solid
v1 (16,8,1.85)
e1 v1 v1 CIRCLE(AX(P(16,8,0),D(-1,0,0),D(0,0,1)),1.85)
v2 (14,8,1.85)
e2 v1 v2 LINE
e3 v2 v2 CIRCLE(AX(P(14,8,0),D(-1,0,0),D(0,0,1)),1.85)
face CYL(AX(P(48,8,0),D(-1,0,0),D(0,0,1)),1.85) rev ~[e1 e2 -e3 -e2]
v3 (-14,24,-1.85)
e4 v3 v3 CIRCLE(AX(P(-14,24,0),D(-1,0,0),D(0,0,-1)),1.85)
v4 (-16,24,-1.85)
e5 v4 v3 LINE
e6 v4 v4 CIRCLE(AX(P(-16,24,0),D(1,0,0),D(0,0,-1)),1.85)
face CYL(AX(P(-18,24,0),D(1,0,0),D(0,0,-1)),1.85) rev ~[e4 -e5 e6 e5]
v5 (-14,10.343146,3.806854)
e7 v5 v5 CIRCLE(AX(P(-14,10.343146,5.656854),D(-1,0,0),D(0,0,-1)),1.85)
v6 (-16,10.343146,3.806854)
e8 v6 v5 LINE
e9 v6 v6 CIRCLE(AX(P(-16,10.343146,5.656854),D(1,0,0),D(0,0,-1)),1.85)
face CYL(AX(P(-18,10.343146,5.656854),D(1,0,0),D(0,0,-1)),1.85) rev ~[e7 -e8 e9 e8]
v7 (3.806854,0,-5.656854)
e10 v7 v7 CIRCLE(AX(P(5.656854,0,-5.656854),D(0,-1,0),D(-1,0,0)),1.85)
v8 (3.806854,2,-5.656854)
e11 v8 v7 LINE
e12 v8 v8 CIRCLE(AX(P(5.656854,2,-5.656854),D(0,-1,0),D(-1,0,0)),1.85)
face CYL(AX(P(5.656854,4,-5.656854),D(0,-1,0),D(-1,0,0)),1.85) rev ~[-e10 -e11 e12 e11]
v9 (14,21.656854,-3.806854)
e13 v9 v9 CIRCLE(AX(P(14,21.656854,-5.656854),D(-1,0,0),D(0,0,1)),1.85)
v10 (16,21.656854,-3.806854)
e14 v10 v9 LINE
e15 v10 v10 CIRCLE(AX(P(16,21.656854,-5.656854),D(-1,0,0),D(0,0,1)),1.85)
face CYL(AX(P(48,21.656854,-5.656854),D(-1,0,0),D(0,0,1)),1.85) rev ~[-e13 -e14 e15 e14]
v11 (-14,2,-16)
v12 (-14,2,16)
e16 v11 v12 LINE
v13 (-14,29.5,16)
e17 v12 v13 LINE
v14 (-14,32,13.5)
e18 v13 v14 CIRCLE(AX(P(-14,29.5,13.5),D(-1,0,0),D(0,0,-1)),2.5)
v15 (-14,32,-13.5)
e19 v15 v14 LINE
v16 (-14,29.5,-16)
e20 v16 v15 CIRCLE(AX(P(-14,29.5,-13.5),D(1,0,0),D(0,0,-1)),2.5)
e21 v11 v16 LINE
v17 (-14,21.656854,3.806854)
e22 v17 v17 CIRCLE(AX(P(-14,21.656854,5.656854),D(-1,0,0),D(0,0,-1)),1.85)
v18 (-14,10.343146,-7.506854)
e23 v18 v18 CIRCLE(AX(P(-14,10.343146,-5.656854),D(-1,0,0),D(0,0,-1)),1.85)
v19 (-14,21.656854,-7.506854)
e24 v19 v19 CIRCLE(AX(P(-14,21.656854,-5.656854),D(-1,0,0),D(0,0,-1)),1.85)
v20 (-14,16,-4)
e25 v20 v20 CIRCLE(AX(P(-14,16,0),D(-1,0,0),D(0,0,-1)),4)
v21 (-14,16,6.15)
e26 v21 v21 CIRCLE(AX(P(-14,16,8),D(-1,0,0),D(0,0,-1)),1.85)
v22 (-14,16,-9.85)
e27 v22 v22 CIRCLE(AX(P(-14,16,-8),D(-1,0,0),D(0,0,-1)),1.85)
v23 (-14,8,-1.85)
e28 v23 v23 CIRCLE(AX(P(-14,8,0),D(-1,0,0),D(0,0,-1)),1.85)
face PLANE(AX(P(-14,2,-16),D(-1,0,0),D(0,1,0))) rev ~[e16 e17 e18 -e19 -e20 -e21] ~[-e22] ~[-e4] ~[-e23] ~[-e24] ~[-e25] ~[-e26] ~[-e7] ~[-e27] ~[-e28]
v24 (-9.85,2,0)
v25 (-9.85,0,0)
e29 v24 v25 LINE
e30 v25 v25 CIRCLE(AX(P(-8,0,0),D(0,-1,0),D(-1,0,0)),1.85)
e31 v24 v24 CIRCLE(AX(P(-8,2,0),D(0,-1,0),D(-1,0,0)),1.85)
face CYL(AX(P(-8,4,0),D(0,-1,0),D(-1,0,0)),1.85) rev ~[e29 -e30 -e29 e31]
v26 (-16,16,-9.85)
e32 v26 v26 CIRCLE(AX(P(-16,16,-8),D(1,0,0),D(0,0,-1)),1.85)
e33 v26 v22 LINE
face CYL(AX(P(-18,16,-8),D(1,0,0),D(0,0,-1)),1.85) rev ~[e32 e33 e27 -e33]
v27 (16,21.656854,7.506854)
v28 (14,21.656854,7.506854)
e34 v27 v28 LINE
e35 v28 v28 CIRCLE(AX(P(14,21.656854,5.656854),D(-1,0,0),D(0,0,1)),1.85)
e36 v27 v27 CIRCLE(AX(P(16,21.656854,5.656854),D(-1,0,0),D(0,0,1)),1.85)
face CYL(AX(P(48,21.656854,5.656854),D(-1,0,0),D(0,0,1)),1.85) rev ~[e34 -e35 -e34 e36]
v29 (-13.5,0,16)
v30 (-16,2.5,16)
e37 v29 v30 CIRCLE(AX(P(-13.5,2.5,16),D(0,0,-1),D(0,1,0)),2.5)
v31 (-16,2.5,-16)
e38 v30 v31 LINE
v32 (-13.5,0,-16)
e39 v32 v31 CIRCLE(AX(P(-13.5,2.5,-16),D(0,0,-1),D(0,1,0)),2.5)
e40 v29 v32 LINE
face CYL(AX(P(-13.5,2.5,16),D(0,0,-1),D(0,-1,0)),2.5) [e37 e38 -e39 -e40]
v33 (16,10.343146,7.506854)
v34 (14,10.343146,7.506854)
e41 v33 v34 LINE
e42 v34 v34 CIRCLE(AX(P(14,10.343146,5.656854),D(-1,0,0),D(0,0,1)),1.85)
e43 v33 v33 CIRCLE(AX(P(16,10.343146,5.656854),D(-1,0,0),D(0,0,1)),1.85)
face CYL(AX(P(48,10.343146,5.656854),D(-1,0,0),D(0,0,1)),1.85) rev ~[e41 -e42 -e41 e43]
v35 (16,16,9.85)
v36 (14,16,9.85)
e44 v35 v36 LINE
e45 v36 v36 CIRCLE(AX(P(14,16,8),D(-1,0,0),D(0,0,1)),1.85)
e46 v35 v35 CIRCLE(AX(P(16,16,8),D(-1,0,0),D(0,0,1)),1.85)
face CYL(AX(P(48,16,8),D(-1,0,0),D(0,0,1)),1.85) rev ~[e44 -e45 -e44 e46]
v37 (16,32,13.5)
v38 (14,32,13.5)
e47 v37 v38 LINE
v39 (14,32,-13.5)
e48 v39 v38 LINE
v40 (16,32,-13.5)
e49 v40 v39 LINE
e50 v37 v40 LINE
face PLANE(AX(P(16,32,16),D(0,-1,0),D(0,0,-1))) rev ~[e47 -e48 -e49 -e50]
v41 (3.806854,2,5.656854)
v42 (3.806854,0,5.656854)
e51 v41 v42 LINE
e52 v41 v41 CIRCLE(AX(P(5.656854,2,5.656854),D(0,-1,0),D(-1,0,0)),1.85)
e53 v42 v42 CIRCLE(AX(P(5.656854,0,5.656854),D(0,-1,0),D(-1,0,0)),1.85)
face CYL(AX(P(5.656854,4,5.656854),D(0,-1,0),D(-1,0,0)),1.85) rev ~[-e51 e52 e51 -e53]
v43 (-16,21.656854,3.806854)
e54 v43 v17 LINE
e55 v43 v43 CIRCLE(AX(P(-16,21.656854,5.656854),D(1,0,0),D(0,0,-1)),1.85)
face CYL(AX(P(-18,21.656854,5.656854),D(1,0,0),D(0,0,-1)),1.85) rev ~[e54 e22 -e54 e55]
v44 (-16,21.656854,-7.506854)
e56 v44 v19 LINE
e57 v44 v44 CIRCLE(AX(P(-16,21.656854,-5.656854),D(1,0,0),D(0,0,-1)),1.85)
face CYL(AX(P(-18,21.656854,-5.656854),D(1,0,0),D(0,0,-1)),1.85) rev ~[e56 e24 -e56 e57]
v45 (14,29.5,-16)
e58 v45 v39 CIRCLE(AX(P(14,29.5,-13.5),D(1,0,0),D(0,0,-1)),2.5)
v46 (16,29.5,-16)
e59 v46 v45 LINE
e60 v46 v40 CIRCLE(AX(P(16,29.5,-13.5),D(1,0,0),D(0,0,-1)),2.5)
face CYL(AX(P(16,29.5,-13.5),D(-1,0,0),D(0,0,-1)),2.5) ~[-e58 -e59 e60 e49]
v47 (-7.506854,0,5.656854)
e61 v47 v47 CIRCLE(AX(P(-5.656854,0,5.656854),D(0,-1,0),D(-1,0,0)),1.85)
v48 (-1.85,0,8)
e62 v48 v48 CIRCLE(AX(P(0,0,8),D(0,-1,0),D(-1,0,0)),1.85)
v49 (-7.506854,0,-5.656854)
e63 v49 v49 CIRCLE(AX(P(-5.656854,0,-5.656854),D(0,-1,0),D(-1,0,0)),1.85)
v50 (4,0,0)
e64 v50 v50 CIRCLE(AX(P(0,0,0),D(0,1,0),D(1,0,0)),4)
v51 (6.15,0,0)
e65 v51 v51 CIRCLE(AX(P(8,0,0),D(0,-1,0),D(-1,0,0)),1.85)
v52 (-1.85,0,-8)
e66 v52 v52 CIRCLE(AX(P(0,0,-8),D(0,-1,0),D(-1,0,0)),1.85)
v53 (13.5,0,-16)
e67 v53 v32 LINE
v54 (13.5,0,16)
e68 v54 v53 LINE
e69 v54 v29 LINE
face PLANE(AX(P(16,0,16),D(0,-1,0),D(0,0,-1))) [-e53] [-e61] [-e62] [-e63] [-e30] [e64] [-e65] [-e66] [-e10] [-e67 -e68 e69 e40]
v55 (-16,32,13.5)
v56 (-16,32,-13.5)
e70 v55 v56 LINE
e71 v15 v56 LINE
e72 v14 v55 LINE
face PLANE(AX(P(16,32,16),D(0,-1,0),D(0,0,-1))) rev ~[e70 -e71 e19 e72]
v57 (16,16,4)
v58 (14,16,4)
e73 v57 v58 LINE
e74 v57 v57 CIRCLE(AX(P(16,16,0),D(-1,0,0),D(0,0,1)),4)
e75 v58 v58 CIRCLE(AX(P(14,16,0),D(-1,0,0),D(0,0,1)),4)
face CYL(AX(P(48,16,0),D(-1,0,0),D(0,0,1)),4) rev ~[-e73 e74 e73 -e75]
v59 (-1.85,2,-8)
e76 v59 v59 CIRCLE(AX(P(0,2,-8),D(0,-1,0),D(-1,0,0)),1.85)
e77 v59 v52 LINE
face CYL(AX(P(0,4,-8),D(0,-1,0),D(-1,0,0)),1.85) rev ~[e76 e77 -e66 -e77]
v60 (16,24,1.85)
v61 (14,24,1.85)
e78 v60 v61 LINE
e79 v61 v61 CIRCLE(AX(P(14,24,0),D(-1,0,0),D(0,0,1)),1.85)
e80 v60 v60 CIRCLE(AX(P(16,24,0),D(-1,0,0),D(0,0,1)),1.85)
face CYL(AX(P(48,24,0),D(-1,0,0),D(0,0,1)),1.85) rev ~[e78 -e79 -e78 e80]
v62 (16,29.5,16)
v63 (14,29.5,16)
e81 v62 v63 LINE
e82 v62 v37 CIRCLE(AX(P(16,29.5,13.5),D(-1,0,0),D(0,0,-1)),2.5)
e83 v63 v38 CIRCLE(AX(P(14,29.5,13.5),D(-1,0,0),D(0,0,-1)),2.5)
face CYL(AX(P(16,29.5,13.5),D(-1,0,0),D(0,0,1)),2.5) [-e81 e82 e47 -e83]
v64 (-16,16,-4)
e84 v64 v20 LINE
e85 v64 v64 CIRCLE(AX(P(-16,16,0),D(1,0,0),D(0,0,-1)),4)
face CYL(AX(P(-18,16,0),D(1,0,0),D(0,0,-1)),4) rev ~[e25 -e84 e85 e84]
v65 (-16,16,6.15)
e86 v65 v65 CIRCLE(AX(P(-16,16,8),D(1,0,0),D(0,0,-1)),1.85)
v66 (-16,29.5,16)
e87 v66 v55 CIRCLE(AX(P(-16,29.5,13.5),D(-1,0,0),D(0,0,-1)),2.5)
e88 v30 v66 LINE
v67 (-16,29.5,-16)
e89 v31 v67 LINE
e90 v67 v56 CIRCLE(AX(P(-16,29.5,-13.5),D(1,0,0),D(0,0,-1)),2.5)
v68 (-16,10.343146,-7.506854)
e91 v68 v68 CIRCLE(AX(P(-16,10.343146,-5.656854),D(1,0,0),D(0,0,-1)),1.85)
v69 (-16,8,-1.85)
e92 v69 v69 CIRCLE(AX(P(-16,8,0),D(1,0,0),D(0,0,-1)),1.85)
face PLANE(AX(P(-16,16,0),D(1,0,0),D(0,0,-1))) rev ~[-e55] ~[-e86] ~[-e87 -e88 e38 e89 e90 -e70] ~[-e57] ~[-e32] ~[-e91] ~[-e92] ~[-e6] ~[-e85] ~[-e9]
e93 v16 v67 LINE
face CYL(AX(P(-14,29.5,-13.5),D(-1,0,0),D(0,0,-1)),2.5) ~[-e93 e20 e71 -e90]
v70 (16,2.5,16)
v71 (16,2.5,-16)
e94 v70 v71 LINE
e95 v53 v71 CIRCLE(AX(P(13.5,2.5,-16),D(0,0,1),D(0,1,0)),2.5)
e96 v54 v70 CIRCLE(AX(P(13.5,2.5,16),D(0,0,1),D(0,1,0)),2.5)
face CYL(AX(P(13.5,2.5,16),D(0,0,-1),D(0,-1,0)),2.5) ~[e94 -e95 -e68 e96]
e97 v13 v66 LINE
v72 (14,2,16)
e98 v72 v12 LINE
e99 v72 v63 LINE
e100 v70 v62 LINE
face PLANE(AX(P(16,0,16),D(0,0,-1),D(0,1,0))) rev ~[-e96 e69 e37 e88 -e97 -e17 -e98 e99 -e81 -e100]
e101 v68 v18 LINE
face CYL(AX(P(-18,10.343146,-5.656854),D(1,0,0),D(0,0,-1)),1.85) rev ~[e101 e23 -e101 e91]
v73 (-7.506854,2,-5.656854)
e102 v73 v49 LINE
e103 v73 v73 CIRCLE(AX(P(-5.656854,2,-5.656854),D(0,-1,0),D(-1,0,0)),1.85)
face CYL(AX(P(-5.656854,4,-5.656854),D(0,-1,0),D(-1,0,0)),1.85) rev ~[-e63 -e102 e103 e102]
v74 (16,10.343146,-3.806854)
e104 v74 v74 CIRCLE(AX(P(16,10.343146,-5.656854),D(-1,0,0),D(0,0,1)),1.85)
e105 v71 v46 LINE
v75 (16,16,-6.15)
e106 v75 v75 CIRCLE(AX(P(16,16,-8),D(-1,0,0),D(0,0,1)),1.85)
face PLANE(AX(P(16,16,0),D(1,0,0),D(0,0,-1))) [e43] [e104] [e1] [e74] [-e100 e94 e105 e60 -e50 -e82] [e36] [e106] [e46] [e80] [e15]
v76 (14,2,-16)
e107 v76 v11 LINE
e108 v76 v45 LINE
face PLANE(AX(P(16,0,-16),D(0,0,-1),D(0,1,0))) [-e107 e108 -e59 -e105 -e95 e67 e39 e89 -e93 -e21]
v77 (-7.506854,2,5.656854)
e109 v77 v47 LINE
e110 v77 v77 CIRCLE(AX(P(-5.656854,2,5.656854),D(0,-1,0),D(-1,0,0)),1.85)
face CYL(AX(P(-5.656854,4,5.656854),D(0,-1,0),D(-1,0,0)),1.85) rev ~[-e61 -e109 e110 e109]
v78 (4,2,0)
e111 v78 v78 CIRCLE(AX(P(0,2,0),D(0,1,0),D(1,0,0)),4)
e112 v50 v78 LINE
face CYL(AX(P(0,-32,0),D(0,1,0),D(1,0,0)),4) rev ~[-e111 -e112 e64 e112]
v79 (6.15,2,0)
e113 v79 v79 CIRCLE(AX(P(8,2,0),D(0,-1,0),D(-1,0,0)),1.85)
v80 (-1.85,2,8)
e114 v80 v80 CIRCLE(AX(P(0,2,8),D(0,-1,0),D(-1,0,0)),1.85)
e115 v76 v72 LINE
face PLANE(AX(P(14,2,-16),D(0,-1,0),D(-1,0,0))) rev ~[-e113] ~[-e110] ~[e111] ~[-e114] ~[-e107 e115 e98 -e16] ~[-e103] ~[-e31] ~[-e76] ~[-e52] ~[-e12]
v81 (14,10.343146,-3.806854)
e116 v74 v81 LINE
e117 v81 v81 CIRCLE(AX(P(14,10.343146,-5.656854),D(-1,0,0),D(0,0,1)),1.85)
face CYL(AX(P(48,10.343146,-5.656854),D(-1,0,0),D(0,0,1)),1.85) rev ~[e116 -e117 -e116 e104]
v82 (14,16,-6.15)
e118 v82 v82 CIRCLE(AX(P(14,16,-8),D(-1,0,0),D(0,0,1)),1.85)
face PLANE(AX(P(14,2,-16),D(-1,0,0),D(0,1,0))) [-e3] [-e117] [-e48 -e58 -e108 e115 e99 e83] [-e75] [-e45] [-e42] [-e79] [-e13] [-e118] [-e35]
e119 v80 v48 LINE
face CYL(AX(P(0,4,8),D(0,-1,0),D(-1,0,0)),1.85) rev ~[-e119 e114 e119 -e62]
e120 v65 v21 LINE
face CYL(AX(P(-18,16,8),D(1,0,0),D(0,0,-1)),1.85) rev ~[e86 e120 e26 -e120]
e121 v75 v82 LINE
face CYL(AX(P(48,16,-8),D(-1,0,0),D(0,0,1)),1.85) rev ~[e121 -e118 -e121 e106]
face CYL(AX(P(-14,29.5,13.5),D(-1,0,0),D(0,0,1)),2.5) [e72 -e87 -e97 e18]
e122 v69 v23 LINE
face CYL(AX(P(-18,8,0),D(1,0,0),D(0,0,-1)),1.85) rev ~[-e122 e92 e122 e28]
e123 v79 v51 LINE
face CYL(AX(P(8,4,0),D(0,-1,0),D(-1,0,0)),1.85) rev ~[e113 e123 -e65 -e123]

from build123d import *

# Parameters (mm, degrees)
SKETCH1_W                      = 32
SKETCH1_H                      = 32
BOSS_EXTRUDE1_DEPTH            = 32
SKETCH2_W                      = 28
SKETCH2_H                      = 30
CUT_EXTRUDE1_DEPTH             = 33
F_8_0_8_DIAMETER_HOLE1_D       = 8
F_8_0_8_DIAMETER_HOLE1_DEPTH   = 2
F_3_7_3_7_DIAMETER_HOLE1_D     = 3.7
F_3_7_3_7_DIAMETER_HOLE1_DEPTH = 2
F_3_7_3_7_DIAMETER_HOLE2_D     = 3.7
F_3_7_3_7_DIAMETER_HOLE2_DEPTH = 2
F_8_0_8_DIAMETER_HOLE2_D       = 8
F_8_0_8_DIAMETER_HOLE2_DEPTH   = 32
F_8_0_8_DIAMETER_HOLE3_D       = 8
F_8_0_8_DIAMETER_HOLE3_DEPTH   = 32
F_3_7_3_7_DIAMETER_HOLE3_D     = 3.7
F_3_7_3_7_DIAMETER_HOLE3_DEPTH = 32
FILLET1_R                      = 2.5


with BuildPart() as part:
    # Sketch1 → Boss-Extrude1 (new body)
    with BuildSketch(Plane(origin=(16, 0, 0), x_dir=(0, 0, -1), z_dir=(1, 0, 0))):
        with Locations((0, 16)):
            Rectangle(SKETCH1_W, SKETCH1_H)
    extrude(amount=-BOSS_EXTRUDE1_DEPTH)

    # Sketch2 → Cut-Extrude1 (cut, through all)
    with BuildSketch(Plane(origin=(0, 0, -16), x_dir=(-1, 0, 0), z_dir=(0, 0, -1))):
        with Locations((0, 17)):
            Rectangle(SKETCH2_W, SKETCH2_H)
    extrude(amount=-CUT_EXTRUDE1_DEPTH, mode=Mode.SUBTRACT)

    # Ø8.0 (8) Diameter Hole1
    with Locations(Plane.ZY.offset(16)):
        with Locations((0, 16)):
            Hole(F_8_0_8_DIAMETER_HOLE1_D / 2, depth=F_8_0_8_DIAMETER_HOLE1_DEPTH)

    # Ø3.7 (3.7) Diameter Hole1
    with Locations(Plane.ZY.offset(16)):
        with Locations((-8, 16), (0, 24), (8, 16), (0, 8), (-5.656854249, 21.656854249), (5.656854249, 21.656854249), (5.656854249, 10.343145751), (-5.656854249, 10.343145751)):
            Hole(F_3_7_3_7_DIAMETER_HOLE1_D / 2, depth=F_3_7_3_7_DIAMETER_HOLE1_DEPTH)

    # Ø3.7 (3.7) Diameter Hole2
    with Locations(Plane(origin=(0, 2, 0), x_dir=(1, 0, 0), z_dir=(0, 1, 0))):
        with Locations((8, 0), (0, 8), (-8, 0), (0, -8), (5.656854249, 5.656854249), (-5.656854249, 5.656854249), (-5.656854249, -5.656854249), (5.656854249, -5.656854249)):
            Hole(F_3_7_3_7_DIAMETER_HOLE2_D / 2, depth=F_3_7_3_7_DIAMETER_HOLE2_DEPTH)

    # Ø8.0 (8) Diameter Hole2
    with Locations(Plane(origin=(0, 0, 0), x_dir=(-1, 0, 0), z_dir=(0, -1, 0))):
        with Locations((0, 0)):
            Hole(F_8_0_8_DIAMETER_HOLE2_D / 2, depth=F_8_0_8_DIAMETER_HOLE2_DEPTH)

    # Ø8.0 (8) Diameter Hole3
    with Locations(Plane(origin=(16, 0, 0), x_dir=(0, 0, -1), z_dir=(1, 0, 0))):
        with Locations((0, 16)):
            Hole(F_8_0_8_DIAMETER_HOLE3_D / 2, depth=F_8_0_8_DIAMETER_HOLE3_DEPTH)

    # Ø3.7 (3.7) Diameter Hole3
    with Locations(Plane(origin=(16, 0, 0), x_dir=(0, 0, -1), z_dir=(1, 0, 0))):
        with Locations((8, 16), (0, 24), (-8, 16), (0, 8), (5.656854249, 21.656854249), (-5.656854249, 21.656854249), (-5.656854249, 10.343145751), (5.656854249, 10.343145751)):
            Hole(F_3_7_3_7_DIAMETER_HOLE3_D / 2, depth=F_3_7_3_7_DIAMETER_HOLE3_DEPTH)

    # Fillet1
    fillet1_edges = [part.edges().sort_by_distance(p)[0] for p in [
        (-16, 0, 0),
        (15, 32, 16),
        (15, 32, -16),
        (16, 0, 0),
        (-15, 32, -16),
        (-15, 32, 16),
    ]]
    fillet(fillet1_edges, radius=FILLET1_R)


solid = part.part
